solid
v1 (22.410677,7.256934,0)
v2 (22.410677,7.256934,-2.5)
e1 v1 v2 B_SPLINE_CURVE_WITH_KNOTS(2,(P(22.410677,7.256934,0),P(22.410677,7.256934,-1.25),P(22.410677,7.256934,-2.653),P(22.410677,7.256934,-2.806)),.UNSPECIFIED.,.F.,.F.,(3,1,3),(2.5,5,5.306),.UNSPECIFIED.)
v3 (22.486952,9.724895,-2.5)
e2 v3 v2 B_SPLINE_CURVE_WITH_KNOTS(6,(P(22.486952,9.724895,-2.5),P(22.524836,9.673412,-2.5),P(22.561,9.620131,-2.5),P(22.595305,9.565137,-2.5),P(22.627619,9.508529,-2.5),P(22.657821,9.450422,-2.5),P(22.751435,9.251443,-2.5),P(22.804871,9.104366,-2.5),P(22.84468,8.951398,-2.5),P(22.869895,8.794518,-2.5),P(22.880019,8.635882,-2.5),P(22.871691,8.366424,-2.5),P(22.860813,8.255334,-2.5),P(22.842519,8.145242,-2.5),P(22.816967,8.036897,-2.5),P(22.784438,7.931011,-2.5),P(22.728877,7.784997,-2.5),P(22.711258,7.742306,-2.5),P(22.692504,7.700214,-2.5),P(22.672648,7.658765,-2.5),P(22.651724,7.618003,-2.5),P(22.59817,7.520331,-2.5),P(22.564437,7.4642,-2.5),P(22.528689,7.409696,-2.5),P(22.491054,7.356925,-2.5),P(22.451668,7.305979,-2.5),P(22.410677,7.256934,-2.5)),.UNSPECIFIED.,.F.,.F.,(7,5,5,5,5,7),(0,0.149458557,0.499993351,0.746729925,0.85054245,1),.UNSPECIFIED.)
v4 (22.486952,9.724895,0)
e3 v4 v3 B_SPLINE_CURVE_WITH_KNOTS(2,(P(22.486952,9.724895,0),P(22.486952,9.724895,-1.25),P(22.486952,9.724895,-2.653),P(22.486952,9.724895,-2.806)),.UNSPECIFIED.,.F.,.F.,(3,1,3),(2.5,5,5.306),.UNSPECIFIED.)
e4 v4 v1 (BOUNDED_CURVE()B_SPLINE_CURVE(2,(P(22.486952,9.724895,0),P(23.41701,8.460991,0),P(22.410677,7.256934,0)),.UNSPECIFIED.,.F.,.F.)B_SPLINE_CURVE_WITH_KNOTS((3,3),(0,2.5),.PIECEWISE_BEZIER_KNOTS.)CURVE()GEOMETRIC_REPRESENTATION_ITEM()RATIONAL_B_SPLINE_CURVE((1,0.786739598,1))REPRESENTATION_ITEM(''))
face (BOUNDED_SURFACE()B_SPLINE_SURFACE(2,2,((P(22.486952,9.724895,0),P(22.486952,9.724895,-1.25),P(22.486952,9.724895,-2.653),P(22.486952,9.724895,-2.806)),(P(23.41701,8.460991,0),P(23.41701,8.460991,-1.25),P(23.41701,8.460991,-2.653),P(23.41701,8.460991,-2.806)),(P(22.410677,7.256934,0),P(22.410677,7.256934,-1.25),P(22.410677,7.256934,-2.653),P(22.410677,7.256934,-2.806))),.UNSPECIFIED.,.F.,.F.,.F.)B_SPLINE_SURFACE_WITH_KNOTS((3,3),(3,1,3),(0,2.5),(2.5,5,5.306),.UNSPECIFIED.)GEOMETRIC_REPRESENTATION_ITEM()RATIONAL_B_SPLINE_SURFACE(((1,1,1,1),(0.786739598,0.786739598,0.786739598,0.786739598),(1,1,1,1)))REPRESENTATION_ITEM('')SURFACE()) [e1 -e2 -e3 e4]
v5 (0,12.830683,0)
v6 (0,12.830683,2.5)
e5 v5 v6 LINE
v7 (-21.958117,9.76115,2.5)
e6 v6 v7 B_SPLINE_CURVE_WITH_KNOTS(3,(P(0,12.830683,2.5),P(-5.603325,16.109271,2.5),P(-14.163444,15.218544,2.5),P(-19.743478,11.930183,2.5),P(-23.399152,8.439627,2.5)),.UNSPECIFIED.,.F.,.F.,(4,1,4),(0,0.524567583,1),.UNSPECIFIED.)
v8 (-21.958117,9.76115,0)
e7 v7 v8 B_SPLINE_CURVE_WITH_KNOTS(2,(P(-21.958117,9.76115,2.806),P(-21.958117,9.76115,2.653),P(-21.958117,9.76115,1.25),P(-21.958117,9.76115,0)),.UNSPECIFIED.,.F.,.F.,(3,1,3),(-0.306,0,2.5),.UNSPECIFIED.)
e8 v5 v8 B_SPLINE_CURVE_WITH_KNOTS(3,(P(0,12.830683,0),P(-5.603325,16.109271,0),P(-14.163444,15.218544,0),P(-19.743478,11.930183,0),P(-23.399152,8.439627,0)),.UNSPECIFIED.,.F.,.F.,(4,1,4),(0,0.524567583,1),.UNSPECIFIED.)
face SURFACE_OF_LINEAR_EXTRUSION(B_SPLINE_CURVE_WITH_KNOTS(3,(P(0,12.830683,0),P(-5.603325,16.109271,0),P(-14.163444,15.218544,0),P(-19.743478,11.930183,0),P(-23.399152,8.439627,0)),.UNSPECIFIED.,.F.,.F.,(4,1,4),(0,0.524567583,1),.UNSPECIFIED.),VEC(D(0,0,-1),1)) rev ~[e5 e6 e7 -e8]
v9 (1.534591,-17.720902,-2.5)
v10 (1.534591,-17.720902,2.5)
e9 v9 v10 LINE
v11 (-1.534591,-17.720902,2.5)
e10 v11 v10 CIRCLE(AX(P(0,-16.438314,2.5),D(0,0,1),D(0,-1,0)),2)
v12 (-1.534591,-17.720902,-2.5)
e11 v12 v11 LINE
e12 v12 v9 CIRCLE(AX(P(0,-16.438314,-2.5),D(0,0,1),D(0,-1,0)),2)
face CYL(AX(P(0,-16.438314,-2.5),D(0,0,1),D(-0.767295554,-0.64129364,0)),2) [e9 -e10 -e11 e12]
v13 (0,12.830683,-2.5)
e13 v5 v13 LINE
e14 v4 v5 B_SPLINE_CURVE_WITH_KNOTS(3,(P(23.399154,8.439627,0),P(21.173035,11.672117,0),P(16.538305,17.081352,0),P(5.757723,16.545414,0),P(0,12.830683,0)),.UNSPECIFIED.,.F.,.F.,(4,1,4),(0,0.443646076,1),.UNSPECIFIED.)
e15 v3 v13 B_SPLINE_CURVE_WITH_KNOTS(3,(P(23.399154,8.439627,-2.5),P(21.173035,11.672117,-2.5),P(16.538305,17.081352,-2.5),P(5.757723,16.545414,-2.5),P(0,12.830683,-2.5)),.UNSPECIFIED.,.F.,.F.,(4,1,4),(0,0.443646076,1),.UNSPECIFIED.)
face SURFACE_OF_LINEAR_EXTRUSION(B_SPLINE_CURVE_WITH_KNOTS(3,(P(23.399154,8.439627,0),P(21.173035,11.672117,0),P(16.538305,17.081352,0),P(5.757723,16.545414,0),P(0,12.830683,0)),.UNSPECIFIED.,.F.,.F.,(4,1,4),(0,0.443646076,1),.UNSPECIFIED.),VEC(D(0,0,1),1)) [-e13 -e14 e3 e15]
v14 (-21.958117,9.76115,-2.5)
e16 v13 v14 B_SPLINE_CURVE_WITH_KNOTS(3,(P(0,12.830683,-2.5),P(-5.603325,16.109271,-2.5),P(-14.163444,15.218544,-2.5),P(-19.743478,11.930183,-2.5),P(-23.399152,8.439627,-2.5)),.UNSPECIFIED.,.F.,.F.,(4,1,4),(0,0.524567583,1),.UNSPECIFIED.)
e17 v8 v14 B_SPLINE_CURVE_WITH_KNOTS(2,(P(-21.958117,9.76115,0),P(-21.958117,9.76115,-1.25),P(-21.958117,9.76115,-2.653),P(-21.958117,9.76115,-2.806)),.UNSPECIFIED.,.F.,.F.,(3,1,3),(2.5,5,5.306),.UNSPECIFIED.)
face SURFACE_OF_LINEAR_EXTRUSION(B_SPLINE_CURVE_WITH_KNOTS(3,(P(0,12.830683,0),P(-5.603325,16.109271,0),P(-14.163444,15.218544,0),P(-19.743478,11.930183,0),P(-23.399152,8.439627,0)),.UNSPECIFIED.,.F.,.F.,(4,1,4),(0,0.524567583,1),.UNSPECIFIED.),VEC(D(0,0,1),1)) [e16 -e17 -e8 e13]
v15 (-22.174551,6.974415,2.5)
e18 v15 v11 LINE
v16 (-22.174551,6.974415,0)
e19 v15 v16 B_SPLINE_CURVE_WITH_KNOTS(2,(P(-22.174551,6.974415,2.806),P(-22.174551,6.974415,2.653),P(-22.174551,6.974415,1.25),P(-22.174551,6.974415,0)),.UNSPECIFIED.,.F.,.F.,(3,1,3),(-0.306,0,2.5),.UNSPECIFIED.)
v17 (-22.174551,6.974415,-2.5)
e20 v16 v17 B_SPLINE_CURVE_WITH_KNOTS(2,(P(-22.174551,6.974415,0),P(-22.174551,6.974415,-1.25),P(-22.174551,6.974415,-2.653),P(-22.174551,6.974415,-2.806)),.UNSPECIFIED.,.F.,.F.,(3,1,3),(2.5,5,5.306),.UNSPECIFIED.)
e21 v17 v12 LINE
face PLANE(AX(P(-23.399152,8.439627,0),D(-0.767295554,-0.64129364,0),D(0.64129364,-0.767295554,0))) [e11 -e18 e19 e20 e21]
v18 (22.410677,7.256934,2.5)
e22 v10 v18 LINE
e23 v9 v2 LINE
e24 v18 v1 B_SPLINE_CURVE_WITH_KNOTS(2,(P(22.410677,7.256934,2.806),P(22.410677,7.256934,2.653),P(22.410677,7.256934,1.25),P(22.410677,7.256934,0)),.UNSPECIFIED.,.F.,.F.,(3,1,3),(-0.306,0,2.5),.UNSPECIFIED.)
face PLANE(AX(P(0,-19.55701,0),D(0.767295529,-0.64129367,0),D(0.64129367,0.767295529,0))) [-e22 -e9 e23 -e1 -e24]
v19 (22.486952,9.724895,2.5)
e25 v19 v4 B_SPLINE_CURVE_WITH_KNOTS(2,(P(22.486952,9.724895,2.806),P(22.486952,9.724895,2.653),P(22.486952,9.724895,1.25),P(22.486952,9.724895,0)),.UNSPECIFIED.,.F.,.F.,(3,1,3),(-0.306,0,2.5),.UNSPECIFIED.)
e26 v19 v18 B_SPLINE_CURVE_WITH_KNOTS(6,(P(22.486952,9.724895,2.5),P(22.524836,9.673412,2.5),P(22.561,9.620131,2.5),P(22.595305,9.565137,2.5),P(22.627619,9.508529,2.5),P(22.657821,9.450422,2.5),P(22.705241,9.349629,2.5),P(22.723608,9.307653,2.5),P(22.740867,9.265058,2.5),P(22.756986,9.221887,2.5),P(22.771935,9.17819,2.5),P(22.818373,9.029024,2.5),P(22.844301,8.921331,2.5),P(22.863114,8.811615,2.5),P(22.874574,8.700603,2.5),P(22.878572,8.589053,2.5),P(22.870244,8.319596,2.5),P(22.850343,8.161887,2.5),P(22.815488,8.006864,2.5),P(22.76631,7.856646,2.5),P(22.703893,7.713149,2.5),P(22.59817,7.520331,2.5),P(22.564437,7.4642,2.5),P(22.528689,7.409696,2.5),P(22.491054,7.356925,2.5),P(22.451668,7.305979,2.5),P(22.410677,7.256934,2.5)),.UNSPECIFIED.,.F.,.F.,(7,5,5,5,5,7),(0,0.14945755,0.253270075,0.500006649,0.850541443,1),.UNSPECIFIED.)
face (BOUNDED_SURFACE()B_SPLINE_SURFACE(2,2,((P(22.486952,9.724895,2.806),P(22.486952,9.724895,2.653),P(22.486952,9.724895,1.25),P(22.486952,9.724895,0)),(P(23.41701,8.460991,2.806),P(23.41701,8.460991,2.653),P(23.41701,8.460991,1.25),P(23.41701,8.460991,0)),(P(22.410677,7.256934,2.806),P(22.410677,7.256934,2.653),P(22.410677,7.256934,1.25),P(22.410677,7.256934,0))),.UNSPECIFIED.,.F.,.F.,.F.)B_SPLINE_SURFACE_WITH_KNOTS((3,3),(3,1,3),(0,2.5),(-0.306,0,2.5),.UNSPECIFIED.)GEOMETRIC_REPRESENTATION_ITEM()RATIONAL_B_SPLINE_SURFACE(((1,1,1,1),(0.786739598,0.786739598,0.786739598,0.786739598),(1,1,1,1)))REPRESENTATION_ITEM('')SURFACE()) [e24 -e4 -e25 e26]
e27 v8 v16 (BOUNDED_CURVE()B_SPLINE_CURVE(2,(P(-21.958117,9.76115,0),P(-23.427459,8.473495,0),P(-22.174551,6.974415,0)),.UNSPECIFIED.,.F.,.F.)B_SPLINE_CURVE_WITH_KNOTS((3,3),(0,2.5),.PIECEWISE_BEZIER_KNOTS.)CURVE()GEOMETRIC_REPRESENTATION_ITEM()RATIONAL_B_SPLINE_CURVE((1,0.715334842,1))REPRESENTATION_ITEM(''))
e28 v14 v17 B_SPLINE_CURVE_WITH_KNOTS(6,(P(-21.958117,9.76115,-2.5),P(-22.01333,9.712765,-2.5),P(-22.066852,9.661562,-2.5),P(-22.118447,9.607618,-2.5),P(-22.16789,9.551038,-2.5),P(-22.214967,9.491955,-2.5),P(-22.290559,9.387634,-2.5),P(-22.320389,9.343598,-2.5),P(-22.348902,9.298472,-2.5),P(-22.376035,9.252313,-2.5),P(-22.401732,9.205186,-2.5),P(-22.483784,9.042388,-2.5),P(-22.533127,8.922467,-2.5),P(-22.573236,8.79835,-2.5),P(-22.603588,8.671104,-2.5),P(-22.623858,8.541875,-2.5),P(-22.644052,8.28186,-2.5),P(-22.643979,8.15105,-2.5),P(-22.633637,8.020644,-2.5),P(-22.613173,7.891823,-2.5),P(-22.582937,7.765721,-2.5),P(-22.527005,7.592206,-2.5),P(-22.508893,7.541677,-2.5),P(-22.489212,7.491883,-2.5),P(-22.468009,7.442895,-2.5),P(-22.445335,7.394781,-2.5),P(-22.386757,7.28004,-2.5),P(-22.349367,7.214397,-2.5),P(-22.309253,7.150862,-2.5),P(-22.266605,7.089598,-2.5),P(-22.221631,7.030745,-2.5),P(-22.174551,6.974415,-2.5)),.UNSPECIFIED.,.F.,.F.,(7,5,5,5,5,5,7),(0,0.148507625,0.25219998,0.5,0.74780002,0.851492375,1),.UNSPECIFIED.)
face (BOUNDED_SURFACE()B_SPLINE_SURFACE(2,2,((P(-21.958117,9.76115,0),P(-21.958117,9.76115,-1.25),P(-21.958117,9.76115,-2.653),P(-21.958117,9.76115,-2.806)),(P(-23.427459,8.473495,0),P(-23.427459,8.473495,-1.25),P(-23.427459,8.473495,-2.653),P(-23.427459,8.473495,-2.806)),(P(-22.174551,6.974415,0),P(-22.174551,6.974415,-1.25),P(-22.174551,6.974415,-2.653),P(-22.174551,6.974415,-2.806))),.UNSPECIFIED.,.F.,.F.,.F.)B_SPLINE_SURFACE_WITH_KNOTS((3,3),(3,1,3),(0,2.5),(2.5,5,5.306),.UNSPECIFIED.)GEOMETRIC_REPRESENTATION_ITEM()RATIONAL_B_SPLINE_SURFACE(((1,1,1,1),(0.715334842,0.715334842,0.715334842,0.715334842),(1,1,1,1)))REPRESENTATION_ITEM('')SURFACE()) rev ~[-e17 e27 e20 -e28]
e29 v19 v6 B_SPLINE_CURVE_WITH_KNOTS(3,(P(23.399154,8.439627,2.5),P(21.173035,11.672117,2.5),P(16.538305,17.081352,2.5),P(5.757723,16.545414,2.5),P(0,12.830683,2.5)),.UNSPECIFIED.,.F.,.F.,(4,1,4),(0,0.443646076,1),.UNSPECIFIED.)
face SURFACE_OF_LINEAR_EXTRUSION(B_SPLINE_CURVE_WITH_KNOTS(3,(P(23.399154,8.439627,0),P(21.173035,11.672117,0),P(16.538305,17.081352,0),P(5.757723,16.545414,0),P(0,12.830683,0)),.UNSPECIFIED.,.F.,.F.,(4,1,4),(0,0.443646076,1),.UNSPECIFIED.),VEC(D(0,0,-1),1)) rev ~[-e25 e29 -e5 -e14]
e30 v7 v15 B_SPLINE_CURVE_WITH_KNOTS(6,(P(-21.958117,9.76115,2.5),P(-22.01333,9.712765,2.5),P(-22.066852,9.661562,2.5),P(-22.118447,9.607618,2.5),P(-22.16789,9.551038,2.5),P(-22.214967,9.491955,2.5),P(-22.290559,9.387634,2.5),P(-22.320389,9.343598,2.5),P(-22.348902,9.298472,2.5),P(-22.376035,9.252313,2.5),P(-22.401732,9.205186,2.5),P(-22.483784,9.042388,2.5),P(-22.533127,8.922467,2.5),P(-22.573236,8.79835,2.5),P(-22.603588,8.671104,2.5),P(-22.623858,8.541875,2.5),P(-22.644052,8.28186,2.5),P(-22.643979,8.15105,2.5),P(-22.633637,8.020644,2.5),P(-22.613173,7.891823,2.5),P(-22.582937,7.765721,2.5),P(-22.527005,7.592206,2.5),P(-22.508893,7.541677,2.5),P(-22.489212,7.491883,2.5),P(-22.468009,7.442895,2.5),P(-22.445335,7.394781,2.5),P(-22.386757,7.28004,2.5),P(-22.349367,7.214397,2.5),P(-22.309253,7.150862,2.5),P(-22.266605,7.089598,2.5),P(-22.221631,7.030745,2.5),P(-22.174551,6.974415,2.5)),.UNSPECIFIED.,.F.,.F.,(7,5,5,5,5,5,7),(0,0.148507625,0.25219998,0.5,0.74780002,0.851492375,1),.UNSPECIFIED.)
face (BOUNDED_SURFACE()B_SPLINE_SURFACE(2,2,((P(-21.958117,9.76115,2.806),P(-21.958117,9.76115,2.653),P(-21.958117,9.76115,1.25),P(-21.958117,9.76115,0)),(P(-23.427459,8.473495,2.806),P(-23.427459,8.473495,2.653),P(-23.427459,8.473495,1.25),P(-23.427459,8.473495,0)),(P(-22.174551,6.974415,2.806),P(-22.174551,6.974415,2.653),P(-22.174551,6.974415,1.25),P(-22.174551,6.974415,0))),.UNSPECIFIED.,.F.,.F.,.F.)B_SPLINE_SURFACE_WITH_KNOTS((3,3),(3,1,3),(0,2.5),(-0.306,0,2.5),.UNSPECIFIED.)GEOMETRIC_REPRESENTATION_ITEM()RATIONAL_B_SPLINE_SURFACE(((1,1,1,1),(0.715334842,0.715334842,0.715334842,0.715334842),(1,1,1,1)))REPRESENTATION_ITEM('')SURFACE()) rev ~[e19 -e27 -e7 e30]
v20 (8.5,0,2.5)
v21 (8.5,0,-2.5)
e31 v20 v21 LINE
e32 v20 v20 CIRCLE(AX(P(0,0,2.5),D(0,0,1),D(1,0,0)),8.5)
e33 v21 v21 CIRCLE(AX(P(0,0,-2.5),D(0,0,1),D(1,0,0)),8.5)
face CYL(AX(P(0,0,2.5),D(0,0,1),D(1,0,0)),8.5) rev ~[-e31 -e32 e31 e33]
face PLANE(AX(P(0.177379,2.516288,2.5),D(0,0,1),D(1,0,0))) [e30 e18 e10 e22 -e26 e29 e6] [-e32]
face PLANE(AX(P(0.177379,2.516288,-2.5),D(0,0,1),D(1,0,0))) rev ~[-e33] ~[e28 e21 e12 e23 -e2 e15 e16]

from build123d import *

# Parameters (mm, degrees)
F1_DEPTH = 2.5
F2_R     = 8.5
F3_DEPTH = 5
F4_R     = 2


with BuildPart() as f1:
    # F0 (on Top) → F1 (new body, symmetric)
    with BuildSketch(Plane.XY):
        with BuildLine():
            add(Edge.make_bspline(
                [(0, 12.8306830302), (-5.6033253596, 16.1092708646), (-14.1634437691, 15.2185435642), (-19.7434784059, 11.930183225), (-23.3991518617, 8.4396265447)],
                knots=[0, 0, 0, 0, 0.5245675833, 1, 1, 1, 1], degree=3))
            Line((-23.3991518617, 8.4396265447), (0, -19.5570103824))
            Line((0, -19.5570103824), (23.3991537243, 8.4396265447))
            add(Edge.make_bspline(
                [(23.3991537243, 8.4396265447), (21.1730352272, 11.6721171587), (16.5383048632, 17.0813520932), (5.7577232004, 16.5454135329), (0, 12.8306830302)],
                knots=[0, 0, 0, 0, 0.4436460764, 1, 1, 1, 1], degree=3))
        make_face()
    extrude(amount=F1_DEPTH, both=True)

    # F2 (on face) → F3 (cut)
    with BuildSketch(Plane.XY.offset(2.5)):
        Circle(F2_R)
    extrude(amount=-F3_DEPTH, mode=Mode.SUBTRACT)

    # F4
    f4_edges = [f1.edges().sort_by_distance(p)[0] for p in [
        (-23.399152, 8.439627, -1.25),
        (-23.399152, 8.439627, 1.25),
        (23.399154, 8.439627, -1.25),
        (23.399154, 8.439627, 1.25),
        (0, -19.55701, 0),
    ]]
    fillet(f4_edges, radius=F4_R)


solid = f1.part
